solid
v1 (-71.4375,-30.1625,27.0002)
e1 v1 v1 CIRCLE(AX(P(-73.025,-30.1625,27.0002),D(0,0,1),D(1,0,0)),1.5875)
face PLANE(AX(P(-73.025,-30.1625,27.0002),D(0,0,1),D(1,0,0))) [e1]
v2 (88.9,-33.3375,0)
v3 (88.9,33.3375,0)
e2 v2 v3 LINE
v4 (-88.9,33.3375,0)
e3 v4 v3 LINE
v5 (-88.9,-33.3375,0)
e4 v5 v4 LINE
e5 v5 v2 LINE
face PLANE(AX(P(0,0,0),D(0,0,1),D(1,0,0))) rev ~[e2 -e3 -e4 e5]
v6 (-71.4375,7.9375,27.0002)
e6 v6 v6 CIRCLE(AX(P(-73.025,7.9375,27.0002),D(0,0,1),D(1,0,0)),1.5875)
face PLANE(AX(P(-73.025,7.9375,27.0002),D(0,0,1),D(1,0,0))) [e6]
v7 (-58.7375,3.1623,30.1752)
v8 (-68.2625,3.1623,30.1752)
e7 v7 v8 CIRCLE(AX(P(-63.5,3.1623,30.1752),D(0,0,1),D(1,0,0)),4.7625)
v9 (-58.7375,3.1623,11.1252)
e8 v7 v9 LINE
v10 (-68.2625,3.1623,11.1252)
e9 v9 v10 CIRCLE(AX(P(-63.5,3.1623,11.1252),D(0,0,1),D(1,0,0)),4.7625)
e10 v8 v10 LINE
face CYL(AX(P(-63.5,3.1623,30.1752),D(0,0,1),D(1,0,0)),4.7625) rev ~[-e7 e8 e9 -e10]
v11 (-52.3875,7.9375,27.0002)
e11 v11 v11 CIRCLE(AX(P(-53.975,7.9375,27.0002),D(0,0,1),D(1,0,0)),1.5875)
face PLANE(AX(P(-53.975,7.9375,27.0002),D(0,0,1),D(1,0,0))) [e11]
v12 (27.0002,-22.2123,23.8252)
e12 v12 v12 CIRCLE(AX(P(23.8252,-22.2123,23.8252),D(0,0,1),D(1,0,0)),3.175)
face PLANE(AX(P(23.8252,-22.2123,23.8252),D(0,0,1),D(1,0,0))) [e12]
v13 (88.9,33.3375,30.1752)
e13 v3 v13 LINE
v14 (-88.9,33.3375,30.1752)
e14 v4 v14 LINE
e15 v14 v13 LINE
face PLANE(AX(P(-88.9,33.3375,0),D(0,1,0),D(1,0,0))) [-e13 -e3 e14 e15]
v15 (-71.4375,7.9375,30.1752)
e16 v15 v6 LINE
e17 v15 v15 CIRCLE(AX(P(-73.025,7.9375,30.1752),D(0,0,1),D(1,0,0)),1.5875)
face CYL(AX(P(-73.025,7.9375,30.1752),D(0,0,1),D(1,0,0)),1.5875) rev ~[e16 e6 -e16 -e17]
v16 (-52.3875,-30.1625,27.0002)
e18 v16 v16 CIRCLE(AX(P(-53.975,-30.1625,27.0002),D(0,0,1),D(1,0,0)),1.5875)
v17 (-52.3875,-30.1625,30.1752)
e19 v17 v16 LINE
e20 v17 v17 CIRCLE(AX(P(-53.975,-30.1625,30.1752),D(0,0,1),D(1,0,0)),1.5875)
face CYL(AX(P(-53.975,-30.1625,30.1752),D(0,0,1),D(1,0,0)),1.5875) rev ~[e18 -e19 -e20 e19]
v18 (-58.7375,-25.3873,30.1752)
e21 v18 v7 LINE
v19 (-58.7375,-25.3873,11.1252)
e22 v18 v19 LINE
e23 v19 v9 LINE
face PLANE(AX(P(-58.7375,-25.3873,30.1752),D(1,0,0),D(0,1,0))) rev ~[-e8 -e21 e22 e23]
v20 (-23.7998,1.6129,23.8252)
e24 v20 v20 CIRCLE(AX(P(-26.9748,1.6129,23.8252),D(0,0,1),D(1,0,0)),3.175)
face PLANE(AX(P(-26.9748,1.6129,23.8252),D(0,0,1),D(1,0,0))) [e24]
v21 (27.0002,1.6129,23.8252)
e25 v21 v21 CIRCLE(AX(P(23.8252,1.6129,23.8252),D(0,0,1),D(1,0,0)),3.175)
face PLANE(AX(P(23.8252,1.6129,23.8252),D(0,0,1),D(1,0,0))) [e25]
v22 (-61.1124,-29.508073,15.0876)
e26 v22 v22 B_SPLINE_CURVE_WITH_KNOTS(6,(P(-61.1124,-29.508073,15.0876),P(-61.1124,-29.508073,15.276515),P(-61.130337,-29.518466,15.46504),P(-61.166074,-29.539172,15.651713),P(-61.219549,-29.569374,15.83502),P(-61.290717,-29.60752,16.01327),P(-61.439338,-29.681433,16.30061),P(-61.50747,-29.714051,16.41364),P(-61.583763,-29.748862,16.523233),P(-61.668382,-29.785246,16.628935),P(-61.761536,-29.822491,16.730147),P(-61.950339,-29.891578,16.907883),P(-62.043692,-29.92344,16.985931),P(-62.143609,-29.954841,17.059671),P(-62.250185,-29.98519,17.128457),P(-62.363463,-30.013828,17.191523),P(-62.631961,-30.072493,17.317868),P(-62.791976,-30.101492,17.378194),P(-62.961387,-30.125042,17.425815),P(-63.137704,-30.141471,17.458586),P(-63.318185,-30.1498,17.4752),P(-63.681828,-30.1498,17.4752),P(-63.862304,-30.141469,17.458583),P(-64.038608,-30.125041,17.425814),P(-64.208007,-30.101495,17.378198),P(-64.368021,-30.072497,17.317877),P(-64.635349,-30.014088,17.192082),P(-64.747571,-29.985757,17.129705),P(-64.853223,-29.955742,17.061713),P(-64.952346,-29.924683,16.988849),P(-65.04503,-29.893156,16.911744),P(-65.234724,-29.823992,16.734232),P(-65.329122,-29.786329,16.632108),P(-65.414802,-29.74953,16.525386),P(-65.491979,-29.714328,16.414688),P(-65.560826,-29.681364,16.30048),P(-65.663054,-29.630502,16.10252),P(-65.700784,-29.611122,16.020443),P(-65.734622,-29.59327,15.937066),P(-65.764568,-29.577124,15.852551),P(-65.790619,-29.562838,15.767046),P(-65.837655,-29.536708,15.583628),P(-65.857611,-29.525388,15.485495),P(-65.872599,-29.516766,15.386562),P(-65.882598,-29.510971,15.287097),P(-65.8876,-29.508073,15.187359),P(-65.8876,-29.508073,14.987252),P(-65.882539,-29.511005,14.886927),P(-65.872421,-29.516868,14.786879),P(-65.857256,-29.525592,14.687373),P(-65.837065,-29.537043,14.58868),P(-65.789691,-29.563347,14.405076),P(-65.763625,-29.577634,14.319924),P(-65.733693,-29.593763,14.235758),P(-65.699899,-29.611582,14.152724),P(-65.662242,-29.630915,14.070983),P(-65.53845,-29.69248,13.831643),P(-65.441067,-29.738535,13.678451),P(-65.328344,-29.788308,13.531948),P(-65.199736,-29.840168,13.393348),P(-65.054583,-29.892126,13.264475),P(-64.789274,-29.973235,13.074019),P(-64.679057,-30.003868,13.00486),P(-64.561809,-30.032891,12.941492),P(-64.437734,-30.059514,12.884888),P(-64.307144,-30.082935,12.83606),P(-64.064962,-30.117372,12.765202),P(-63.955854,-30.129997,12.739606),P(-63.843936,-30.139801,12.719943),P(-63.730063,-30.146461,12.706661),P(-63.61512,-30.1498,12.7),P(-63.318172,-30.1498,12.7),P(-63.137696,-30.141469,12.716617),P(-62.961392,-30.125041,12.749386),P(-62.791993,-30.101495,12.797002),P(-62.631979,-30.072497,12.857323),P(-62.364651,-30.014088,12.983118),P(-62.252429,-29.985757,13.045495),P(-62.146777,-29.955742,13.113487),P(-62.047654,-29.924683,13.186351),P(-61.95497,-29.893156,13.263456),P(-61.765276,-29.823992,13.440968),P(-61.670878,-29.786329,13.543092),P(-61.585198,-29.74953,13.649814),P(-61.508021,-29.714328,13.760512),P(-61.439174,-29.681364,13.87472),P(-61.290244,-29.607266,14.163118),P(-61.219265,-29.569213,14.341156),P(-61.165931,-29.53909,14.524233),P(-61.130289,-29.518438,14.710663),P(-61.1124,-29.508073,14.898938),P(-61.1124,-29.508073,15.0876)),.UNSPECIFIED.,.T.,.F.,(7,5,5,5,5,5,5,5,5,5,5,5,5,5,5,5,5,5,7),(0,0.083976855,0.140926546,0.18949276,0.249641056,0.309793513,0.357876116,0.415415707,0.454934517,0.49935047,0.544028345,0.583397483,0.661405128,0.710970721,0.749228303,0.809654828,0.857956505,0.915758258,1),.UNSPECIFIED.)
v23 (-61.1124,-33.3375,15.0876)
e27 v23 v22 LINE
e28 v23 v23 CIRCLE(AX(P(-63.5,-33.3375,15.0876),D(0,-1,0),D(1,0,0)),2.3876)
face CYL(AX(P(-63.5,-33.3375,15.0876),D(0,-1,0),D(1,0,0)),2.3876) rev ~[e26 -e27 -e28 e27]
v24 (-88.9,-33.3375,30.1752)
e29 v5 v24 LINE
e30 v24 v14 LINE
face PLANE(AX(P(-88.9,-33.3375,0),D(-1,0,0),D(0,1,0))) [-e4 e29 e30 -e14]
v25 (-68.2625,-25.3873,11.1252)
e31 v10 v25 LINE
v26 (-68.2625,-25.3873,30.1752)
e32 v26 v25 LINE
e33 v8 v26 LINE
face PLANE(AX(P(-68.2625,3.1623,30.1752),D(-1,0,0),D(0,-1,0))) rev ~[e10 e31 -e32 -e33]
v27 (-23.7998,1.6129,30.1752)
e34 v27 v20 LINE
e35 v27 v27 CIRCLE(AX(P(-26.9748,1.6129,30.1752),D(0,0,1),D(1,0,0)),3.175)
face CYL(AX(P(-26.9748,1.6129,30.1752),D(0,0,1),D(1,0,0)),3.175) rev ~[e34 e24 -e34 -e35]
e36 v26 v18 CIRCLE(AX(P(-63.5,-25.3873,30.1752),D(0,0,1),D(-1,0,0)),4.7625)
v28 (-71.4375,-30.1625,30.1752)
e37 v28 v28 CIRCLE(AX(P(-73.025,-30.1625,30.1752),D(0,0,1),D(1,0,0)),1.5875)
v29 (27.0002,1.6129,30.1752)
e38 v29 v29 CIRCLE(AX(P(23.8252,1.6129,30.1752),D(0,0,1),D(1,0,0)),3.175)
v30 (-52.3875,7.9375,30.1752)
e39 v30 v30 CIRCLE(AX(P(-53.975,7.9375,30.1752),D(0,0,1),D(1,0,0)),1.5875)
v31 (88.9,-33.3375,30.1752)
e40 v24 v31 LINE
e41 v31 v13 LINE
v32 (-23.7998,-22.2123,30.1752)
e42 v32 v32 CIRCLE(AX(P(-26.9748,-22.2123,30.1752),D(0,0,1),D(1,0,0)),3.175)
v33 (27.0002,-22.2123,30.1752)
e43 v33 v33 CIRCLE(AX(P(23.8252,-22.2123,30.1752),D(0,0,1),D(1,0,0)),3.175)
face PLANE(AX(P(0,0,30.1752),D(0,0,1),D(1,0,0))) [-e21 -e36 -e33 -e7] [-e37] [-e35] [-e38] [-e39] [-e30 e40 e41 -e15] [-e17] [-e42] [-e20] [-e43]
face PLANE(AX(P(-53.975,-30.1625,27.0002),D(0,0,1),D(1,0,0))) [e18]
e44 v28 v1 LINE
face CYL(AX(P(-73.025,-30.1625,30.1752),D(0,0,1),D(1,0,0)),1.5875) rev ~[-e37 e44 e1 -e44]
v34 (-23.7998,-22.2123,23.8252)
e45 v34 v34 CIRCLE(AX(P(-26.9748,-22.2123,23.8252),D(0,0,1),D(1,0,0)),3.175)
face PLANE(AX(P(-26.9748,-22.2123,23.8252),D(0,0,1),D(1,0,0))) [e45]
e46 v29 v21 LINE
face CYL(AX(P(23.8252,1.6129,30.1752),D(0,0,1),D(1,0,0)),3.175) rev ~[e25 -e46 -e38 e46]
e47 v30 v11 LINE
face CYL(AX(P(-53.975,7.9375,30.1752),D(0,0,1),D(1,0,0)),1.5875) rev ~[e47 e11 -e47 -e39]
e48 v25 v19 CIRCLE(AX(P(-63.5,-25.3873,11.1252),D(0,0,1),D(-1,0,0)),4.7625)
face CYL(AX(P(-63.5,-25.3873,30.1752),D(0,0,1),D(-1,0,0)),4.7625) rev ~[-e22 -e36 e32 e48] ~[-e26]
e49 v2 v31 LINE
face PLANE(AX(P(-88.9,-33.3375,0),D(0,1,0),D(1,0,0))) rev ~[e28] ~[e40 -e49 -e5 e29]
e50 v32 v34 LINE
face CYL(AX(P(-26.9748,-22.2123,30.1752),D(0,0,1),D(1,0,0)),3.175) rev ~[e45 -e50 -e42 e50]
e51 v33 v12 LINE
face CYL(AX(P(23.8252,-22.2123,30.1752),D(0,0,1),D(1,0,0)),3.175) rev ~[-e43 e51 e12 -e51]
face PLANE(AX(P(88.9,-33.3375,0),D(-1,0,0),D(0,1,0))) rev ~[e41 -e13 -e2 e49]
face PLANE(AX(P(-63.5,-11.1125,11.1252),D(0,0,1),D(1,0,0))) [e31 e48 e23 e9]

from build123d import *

# Parameters (mm, degrees)
F0_W     = 177.8
F0_H     = 66.675
F1_DEPTH = 30.1752
F2_R     = 1.5875
F3_DEPTH = 3.175
F5_DEPTH = 19.05
F6_R     = 3.175
F7_DEPTH = 6.35
F8_R     = 2.3876
F9_DEPTH = 6.35


with BuildPart() as f1:
    # F0 (on Top) → F1 (new body)
    with BuildSketch(Plane.XY):
        Rectangle(F0_W, F0_H)
    extrude(amount=F1_DEPTH)

    # F2 (on face) → F3 (cut)
    with BuildSketch(Plane.XY.offset(30.1752)):
        with Locations((-73.025, 7.9375)):
            Circle(F2_R)
        with Locations((-53.975, 7.9375)):
            Circle(F2_R)
        with Locations((-53.975, -30.1625)):
            Circle(F2_R)
        with Locations((-73.025, -30.1625)):
            Circle(F2_R)
    extrude(amount=-F3_DEPTH, mode=Mode.SUBTRACT)

    # F4 (on face) → F5 (cut)
    with BuildSketch(Plane.XY.offset(30.1752)):
        with BuildLine():
            Line((-58.7375, -25.3873), (-58.7375, 3.1623))
            ThreePointArc((-58.7375, 3.1623), (-63.5, 7.9248), (-68.2625, 3.1623))
            Line((-68.2625, 3.1623), (-68.2625, -25.3873))
            ThreePointArc((-68.2625, -25.3873), (-63.5, -30.1498), (-58.7375, -25.3873))
        make_face()
    extrude(amount=-F5_DEPTH, mode=Mode.SUBTRACT)

    # F6 (on face) → F7 (cut)
    with BuildSketch(Plane.XY.offset(30.1752)):
        with Locations((-26.9748, 1.6129)):
            Circle(F6_R)
        with Locations((23.8252, 1.6129)):
            Circle(F6_R)
        with Locations((23.8252, -22.2123)):
            Circle(F6_R)
        with Locations((-26.9748, -22.2123)):
            Circle(F6_R)
    extrude(amount=-F7_DEPTH, mode=Mode.SUBTRACT)

    # F8 (on face) → F9 (cut)
    with BuildSketch(Plane.XZ.offset(33.3375)):
        with Locations((-63.5, 15.0876)):
            Circle(F8_R)
    extrude(amount=-F9_DEPTH, mode=Mode.SUBTRACT)


solid = f1.part
